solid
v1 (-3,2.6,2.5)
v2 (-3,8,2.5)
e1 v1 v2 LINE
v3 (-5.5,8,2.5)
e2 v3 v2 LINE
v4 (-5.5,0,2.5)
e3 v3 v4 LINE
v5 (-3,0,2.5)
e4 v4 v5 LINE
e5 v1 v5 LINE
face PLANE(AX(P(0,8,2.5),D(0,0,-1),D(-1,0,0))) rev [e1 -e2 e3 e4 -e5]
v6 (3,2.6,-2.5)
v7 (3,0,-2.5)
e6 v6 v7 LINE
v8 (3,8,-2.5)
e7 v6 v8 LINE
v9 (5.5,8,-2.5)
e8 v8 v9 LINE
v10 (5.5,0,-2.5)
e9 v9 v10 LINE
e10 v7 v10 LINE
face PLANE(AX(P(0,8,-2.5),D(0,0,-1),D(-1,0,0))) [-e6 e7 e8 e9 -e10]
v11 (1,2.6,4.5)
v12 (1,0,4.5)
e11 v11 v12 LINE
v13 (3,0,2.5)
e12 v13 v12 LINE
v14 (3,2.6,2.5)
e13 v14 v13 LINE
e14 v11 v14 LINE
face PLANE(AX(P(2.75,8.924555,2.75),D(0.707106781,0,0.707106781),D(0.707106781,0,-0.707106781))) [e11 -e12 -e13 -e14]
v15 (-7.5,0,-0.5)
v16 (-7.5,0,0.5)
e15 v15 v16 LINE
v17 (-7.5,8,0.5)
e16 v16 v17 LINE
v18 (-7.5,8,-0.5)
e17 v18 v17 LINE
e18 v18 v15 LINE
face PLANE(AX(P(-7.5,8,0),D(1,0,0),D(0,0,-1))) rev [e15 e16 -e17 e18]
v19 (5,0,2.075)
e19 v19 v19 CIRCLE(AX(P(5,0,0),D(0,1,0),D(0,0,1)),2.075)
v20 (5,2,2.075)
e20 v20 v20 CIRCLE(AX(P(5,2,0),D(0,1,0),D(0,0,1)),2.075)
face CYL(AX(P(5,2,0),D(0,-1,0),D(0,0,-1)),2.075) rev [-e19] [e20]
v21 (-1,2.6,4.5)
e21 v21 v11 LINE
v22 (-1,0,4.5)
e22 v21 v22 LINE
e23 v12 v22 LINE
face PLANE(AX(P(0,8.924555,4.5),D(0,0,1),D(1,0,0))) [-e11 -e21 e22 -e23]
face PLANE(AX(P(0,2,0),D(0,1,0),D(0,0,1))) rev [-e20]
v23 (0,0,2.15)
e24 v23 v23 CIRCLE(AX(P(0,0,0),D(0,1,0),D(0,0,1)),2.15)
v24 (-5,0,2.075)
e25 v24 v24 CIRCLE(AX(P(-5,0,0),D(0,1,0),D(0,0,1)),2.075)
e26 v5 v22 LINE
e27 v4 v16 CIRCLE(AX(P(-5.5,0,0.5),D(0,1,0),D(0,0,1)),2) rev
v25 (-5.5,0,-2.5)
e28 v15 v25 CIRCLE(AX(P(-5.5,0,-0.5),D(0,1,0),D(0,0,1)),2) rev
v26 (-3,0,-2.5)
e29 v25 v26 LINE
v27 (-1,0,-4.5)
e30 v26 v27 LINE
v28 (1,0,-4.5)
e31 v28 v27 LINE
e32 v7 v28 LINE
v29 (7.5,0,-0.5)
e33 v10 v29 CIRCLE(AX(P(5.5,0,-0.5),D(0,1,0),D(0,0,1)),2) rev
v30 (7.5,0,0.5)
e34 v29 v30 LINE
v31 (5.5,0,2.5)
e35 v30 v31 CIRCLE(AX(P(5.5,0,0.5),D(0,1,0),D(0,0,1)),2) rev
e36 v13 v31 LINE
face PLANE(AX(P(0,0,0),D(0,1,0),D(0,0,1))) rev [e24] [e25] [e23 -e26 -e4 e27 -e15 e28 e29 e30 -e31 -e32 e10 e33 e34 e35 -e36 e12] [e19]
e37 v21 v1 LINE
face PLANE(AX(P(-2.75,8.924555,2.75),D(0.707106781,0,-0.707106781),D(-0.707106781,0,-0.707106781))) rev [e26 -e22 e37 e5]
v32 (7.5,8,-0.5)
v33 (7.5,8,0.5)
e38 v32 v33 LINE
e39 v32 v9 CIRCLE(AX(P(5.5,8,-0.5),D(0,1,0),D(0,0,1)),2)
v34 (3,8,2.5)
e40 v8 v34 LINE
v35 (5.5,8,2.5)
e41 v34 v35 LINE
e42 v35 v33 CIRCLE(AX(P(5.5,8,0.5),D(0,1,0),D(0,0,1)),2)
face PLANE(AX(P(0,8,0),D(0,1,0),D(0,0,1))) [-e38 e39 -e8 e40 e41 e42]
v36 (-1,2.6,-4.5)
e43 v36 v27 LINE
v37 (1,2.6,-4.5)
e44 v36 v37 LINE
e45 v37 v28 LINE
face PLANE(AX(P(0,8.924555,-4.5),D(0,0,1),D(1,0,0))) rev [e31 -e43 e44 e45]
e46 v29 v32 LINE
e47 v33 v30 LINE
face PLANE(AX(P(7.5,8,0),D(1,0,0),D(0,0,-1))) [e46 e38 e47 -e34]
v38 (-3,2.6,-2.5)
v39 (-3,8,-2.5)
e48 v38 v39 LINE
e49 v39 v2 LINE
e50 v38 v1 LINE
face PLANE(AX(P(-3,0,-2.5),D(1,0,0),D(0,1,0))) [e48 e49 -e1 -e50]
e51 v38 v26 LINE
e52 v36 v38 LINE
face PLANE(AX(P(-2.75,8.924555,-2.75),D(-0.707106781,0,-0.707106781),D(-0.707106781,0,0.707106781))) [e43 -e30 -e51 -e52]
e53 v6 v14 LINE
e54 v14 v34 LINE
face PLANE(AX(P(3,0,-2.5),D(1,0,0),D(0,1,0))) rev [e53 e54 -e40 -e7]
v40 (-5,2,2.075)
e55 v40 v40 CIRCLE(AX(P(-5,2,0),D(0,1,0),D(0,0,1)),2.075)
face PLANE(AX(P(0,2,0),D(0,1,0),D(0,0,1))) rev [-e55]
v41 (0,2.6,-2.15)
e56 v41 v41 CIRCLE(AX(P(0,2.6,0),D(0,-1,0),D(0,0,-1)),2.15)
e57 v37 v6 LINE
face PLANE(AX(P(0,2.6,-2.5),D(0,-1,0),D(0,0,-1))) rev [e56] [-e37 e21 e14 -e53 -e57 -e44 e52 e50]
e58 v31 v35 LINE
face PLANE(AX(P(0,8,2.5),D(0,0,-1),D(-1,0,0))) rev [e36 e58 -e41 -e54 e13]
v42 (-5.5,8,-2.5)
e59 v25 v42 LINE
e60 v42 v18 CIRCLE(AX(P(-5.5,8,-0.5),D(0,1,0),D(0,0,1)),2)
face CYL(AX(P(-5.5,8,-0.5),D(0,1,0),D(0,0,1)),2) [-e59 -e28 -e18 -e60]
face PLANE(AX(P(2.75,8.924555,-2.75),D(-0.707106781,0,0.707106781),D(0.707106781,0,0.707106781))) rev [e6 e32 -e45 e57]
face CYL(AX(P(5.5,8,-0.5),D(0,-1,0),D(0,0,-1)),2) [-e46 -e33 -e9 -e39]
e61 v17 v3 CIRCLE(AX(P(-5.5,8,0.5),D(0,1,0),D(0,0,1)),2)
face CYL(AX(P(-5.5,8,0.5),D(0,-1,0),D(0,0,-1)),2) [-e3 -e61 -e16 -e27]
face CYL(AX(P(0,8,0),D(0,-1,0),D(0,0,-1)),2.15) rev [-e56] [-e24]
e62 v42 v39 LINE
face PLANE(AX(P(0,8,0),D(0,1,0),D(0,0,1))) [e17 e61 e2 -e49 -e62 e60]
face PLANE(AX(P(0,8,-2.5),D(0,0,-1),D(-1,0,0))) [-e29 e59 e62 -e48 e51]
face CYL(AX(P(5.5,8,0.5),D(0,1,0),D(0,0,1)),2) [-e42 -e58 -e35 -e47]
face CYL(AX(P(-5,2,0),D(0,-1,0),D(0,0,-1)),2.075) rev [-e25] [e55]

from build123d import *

# Parameters (mm, degrees)
SKETCH_1_W               = 15
SKETCH_1_H               = 5
SKETCH_1_R               = 2.15
SKETCH_1_R_2             = 2.075
EXTRUDE_1_DEPTH          = 8
SKETCH_1_3_R             = 2.075
CUT_EXTRUDE_1_DEPTH      = 2
SKETCH_2_W               = 3
SKETCH_2_H               = 5.4
CUT_EXTRUDE_2_DEPTH      = 3.5
CUT_EXTRUDE_2_DEPTH_BACK = 3.5
EXTRUDE_2_DEPTH          = 2.6
FILLET_1_R               = 2


with BuildPart() as part:
    # 草图1 → 凸台-拉伸1 (new body)
    with BuildSketch(Plane(origin=(0, 0, 0), x_dir=(1, 0, 0), z_dir=(0, 1, 0))):
        Rectangle(SKETCH_1_W, SKETCH_1_H)
        Circle(SKETCH_1_R, mode=Mode.SUBTRACT)
        with Locations((-5, 0)):
            Circle(SKETCH_1_R_2, mode=Mode.SUBTRACT)
        with Locations((5, 0)):
            Circle(SKETCH_1_R_2, mode=Mode.SUBTRACT)
        with Locations((-5, 0)):
            Circle(SKETCH_1_R_2)
        with Locations((5, 0)):
            Circle(SKETCH_1_R_2)
    extrude(amount=EXTRUDE_1_DEPTH)

    # 草图1<3> → 切除-拉伸1 (cut)
    with BuildSketch(Plane(origin=(0, 0, 0), x_dir=(1, 0, 0), z_dir=(0, 1, 0))):
        with Locations((-5, 0)):
            Circle(SKETCH_1_3_R)
        with Locations((5, 0)):
            Circle(SKETCH_1_3_R)
    extrude(amount=CUT_EXTRUDE_1_DEPTH, mode=Mode.SUBTRACT)

    # 草图2 → 切除-拉伸2 (cut, two sides)
    with BuildSketch(Plane.XY) as cut_extrude_2_sk:
        with Locations((-1.5, 5.3)):
            Rectangle(SKETCH_2_W, SKETCH_2_H)
        with Locations((1.5, 5.3)):
            Rectangle(SKETCH_2_W, SKETCH_2_H)
    extrude(amount=CUT_EXTRUDE_2_DEPTH, mode=Mode.SUBTRACT)
    extrude(cut_extrude_2_sk.sketch, amount=-CUT_EXTRUDE_2_DEPTH_BACK, mode=Mode.SUBTRACT)

    # 草图3 → 凸台-拉伸2 (add)
    with BuildSketch(Plane(origin=(0, 0, 0), x_dir=(1, 0, 0), z_dir=(0, 1, 0))):
        Polygon((-1, 4.5), (-3, 2.5), (0, 2.5), (0, 4.5), align=None)
        Polygon((0, 4.5), (0, 2.5), (3, 2.5), (1, 4.5), align=None)
        Polygon((3, -2.5), (0, -2.5), (0, -4.5), (1, -4.5), align=None)
        Polygon((0, -2.5), (-3, -2.5), (-1, -4.5), (0, -4.5), align=None)
    extrude(amount=EXTRUDE_2_DEPTH)

    # 圆角1
    fillet_1_edges = [part.edges().sort_by_distance(p)[0] for p in [
        (7.5, 4, 2.5),
        (-7.5, 4, 2.5),
        (-7.5, 4, -2.5),
        (7.5, 4, -2.5),
    ]]
    fillet(fillet_1_edges, radius=FILLET_1_R)


solid = part.part
